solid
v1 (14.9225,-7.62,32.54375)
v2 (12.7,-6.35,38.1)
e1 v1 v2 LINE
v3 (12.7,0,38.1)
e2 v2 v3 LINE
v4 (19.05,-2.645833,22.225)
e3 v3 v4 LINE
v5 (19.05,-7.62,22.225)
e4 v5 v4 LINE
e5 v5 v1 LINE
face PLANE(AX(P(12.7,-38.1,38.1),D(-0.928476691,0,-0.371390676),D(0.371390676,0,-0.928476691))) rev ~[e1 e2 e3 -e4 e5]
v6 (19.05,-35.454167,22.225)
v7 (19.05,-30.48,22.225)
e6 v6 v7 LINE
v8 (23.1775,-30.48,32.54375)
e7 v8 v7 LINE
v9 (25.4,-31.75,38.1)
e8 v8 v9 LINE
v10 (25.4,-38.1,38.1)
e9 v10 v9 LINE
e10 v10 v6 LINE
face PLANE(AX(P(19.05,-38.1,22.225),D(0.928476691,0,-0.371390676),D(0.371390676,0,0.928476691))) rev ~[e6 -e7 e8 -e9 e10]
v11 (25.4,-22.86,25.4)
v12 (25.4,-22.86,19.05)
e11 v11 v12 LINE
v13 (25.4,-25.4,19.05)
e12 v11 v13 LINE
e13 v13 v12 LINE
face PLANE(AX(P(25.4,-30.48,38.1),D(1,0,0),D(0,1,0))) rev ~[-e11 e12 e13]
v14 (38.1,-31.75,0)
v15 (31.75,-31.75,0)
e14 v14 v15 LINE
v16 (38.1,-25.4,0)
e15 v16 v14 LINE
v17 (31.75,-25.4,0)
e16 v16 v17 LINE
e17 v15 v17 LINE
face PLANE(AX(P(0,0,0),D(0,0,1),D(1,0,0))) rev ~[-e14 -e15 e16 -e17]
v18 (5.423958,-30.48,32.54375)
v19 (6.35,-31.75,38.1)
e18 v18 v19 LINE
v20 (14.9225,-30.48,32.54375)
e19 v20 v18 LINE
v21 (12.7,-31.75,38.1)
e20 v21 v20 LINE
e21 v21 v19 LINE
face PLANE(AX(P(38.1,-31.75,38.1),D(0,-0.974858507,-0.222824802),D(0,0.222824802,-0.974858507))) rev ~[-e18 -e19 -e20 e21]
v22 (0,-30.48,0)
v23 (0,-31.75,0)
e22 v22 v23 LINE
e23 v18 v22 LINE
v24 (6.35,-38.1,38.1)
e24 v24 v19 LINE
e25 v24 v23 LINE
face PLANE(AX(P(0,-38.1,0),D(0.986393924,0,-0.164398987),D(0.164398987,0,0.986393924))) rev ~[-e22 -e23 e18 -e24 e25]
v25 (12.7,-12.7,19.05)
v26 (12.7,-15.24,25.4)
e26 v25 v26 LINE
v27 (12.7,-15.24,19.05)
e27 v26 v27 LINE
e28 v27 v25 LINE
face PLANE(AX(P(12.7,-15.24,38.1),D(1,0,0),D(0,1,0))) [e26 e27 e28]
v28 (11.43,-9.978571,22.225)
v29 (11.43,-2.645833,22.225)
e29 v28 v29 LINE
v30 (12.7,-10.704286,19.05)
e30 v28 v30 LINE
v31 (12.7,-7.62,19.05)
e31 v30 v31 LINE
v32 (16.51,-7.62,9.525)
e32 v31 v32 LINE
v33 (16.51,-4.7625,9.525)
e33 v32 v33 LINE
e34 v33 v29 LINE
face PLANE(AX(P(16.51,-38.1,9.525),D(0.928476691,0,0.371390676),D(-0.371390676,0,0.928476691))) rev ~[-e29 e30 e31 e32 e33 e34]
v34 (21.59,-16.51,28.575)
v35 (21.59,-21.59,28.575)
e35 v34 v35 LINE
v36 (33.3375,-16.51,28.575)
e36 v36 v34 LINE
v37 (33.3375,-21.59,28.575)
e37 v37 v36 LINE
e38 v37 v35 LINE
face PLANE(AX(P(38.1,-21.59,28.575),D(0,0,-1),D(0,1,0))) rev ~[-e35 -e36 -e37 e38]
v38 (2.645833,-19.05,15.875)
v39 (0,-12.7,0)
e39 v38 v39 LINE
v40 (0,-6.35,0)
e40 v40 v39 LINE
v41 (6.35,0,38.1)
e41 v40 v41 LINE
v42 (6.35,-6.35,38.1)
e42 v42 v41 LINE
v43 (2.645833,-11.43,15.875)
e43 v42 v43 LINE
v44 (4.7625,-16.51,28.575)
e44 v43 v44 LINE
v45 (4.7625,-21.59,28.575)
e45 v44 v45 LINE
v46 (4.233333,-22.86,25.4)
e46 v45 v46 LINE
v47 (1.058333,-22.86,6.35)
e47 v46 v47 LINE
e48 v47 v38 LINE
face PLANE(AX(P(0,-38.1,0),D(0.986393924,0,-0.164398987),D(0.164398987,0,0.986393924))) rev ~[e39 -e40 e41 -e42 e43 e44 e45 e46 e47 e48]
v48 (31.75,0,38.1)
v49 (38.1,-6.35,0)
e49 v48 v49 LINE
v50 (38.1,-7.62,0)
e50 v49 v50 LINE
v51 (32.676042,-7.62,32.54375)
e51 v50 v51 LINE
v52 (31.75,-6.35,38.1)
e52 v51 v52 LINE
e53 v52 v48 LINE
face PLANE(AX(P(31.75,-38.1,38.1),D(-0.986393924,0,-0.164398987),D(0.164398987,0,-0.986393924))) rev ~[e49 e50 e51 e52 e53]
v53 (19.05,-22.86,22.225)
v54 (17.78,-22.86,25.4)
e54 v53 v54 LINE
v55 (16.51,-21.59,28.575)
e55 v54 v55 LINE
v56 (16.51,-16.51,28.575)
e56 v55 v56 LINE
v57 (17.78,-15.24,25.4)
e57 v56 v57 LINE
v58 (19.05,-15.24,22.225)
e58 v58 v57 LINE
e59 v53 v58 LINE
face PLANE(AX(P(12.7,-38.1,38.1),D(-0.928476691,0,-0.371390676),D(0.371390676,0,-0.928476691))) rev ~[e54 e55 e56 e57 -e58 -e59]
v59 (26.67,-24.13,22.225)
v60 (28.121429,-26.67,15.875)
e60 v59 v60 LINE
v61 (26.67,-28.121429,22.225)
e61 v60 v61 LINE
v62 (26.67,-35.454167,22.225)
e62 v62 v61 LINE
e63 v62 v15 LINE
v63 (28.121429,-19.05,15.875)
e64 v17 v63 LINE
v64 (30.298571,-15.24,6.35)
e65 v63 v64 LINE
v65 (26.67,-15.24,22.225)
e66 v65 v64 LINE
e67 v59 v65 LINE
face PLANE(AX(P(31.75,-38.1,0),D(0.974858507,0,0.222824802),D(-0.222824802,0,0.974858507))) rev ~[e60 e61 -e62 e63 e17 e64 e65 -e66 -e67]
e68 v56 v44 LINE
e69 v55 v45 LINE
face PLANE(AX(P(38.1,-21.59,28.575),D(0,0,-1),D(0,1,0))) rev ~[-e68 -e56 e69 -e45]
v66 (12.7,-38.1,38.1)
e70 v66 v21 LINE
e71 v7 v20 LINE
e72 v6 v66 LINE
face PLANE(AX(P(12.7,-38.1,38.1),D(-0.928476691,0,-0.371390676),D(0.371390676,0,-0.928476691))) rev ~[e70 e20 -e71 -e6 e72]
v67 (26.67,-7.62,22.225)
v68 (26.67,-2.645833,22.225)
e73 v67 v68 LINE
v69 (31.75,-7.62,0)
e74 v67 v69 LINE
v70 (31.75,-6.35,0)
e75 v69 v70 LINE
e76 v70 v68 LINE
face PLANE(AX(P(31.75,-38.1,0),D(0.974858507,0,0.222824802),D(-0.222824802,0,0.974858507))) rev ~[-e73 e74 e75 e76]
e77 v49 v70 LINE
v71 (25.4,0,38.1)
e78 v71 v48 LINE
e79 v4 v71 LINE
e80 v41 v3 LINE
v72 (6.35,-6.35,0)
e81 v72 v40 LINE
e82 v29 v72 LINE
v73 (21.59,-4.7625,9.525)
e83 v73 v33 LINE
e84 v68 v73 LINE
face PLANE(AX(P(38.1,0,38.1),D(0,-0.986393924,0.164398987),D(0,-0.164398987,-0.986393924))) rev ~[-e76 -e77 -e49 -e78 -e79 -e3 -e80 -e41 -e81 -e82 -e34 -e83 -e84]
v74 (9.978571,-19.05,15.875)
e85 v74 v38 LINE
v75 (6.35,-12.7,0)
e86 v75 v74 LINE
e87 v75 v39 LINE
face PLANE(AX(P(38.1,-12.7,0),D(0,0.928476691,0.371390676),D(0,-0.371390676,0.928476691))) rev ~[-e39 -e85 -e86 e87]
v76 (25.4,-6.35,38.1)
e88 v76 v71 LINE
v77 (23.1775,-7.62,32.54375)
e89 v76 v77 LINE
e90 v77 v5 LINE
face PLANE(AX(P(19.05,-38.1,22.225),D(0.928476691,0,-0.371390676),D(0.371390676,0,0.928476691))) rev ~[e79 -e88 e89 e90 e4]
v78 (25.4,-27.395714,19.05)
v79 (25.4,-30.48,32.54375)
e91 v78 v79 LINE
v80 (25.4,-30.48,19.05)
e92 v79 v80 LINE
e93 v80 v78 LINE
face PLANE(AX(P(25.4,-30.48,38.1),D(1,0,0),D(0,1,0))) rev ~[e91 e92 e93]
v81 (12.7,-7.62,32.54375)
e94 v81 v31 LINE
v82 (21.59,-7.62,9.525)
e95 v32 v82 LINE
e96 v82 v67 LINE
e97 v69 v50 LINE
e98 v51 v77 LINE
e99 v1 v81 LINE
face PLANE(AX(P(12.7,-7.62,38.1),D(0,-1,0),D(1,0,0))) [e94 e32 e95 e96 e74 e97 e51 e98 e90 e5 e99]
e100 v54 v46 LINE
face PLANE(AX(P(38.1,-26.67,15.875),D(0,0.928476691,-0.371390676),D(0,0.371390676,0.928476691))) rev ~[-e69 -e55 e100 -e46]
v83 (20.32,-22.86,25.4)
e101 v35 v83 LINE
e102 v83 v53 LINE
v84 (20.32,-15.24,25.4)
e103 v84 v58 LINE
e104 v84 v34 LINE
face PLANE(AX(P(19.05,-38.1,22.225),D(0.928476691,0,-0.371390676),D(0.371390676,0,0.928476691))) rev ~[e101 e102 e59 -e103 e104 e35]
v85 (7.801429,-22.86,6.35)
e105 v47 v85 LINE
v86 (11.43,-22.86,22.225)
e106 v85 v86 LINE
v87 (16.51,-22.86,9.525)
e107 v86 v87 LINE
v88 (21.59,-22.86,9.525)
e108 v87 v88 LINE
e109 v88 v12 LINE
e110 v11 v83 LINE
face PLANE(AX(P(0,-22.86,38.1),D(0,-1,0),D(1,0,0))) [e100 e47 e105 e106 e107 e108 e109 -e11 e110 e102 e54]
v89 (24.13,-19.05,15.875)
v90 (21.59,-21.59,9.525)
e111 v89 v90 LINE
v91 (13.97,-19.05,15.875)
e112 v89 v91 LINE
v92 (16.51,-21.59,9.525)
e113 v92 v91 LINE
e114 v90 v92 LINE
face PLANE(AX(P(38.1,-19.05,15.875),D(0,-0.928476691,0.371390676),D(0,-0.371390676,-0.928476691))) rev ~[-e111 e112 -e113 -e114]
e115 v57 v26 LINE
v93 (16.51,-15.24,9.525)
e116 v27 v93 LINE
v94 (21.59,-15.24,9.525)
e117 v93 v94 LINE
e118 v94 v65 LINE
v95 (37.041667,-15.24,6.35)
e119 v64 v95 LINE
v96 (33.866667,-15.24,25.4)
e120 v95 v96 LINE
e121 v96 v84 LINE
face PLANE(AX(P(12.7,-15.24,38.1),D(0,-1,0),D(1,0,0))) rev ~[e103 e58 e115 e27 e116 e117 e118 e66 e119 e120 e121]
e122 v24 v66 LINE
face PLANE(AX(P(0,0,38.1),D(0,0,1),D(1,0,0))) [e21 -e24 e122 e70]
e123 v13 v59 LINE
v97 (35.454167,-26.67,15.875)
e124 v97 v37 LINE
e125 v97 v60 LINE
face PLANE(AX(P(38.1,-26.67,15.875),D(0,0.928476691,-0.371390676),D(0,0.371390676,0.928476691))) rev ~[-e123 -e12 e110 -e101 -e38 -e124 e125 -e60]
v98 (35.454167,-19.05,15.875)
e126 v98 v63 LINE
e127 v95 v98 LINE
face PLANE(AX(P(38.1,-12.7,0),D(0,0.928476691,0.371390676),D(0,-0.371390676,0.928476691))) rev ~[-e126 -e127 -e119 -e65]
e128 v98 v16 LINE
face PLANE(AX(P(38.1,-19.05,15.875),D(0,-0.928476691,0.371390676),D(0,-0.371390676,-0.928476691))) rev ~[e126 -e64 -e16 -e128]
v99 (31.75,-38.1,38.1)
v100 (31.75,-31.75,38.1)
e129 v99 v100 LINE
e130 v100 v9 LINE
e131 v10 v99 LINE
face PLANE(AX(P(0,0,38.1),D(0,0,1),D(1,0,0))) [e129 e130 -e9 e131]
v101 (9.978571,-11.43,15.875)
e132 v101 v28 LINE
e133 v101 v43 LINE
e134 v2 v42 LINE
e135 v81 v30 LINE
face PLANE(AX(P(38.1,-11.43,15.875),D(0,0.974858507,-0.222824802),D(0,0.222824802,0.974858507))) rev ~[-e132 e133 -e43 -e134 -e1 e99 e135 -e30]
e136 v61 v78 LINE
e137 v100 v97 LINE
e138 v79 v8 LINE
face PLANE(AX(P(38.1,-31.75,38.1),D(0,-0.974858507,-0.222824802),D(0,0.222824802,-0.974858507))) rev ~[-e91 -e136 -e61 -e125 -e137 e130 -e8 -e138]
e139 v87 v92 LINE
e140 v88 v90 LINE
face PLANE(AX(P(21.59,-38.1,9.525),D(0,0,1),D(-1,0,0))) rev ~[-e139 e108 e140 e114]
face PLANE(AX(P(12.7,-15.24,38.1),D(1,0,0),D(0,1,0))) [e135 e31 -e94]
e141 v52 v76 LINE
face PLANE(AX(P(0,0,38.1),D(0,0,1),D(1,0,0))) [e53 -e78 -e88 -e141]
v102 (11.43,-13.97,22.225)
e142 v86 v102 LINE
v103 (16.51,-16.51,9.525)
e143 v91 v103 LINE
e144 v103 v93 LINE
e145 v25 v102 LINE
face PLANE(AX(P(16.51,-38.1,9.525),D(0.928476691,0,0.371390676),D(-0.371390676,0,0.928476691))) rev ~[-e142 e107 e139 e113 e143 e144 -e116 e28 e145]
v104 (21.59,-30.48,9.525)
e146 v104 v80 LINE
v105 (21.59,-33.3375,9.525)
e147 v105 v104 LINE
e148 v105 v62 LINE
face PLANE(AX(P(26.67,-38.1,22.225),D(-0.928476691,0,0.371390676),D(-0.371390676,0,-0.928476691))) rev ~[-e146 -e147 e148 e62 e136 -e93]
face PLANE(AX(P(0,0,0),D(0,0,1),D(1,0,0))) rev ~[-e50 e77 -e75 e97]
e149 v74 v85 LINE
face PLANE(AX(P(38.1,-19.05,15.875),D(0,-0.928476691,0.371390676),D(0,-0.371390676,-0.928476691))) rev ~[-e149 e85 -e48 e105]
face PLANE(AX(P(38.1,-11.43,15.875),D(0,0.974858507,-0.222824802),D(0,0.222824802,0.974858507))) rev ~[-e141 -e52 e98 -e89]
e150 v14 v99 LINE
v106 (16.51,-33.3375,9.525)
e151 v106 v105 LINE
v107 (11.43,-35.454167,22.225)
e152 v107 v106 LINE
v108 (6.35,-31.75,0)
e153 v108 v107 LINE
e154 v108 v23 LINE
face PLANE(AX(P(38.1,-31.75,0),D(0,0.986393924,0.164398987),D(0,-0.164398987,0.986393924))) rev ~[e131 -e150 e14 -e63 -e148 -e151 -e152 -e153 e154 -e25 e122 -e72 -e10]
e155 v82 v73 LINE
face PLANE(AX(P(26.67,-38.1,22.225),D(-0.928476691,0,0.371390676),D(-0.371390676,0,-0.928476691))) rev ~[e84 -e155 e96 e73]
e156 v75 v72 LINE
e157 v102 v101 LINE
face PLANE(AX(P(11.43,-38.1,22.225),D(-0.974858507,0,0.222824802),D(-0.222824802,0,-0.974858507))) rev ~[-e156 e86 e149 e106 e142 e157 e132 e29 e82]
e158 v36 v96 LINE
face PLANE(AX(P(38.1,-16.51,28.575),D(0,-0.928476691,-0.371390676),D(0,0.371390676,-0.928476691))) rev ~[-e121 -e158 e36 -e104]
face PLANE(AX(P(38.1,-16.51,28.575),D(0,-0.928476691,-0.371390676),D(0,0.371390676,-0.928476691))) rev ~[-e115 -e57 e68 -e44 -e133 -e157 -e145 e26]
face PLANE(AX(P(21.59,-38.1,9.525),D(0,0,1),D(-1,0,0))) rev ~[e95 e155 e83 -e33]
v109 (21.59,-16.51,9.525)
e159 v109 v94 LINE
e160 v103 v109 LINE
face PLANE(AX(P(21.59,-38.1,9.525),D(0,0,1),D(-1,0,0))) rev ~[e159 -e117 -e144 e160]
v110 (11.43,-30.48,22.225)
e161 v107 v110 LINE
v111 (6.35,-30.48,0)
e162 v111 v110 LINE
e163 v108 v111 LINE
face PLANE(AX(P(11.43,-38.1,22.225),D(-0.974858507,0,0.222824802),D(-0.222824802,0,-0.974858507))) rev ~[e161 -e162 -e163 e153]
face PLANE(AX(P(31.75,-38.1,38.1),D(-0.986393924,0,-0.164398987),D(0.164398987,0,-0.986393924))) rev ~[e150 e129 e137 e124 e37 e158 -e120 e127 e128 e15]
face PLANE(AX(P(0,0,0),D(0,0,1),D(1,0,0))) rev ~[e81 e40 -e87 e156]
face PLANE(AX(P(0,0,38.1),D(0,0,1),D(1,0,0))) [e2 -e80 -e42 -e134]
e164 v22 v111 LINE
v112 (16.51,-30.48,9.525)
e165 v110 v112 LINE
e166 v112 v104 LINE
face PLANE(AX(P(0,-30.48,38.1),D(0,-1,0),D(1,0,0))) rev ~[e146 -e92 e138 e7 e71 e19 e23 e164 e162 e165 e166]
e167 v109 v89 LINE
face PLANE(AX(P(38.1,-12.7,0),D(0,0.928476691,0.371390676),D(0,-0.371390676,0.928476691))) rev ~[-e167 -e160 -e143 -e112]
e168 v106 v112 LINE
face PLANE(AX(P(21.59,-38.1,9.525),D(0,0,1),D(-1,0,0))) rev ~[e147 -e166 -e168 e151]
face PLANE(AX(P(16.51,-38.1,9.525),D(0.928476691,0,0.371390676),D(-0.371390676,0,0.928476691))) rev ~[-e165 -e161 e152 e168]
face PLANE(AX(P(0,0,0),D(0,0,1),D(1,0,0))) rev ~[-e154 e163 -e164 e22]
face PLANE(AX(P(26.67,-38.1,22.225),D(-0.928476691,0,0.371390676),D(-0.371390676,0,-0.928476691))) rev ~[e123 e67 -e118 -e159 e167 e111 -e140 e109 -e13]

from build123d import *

# Parameters (mm, degrees)
F0_W      = 38.1
F0_H      = 38.1
F1_DEPTH  = 38.1
F6_DEPTH  = 38.1
F8_DEPTH  = 38.1
F9_W      = 25.4
F9_H      = 7.62
F10_DEPTH = 38.1


with BuildPart() as f1:
    # F0 (on Front) → F1 (new body)
    with BuildSketch(Plane.XZ):
        with Locations((19.05, 19.05)):
            Rectangle(F0_W, F0_H)
    extrude(amount=F1_DEPTH)

    # F5 (on offset) → F6 (cut)
    with BuildSketch(Plane.YZ.offset(38.1)):
        Polygon((-31.75, 0), (-38.1, 38.1), (-38.1, 0), align=None)
        Polygon((-19.05, 0), (-12.7, 0), (-19.05, 15.875), (-25.4, 0), align=None)
        Polygon((-6.35, 0), (0, 0), (0, 38.1), align=None)
        Polygon((-11.43, 15.875), (-6.35, 38.1), (-31.75, 38.1), (-26.67, 15.875), (-21.59, 28.575), (-16.51, 28.575), align=None)
    extrude(amount=-F6_DEPTH, mode=Mode.SUBTRACT)

    # F7 (on offset) → F8 (cut)
    with BuildSketch(Plane.XZ.offset(38.1)):
        Polygon((25.4, 38.1), (12.7, 38.1), (19.05, 22.225), align=None)
        Polygon((11.43, 22.225), (6.35, 0), (31.75, 0), (26.67, 22.225), (21.59, 9.525), (16.51, 9.525), align=None)
        Polygon((31.75, 38.1), (38.1, 0), (38.1, 38.1), align=None)
        Polygon((0, 38.1), (0, 0), (6.35, 38.1), align=None)
    extrude(amount=-F8_DEPTH, mode=Mode.SUBTRACT)

    # F9 (on offset) → F10 (cut)
    with BuildSketch(Plane.XY.offset(38.1)):
        with Locations((12.7, -26.67)):
            Rectangle(F9_W, F9_H)
        with Locations((25.4, -11.43)):
            Rectangle(F9_W, F9_H)
    extrude(amount=-F10_DEPTH, mode=Mode.SUBTRACT)


solid = f1.part
